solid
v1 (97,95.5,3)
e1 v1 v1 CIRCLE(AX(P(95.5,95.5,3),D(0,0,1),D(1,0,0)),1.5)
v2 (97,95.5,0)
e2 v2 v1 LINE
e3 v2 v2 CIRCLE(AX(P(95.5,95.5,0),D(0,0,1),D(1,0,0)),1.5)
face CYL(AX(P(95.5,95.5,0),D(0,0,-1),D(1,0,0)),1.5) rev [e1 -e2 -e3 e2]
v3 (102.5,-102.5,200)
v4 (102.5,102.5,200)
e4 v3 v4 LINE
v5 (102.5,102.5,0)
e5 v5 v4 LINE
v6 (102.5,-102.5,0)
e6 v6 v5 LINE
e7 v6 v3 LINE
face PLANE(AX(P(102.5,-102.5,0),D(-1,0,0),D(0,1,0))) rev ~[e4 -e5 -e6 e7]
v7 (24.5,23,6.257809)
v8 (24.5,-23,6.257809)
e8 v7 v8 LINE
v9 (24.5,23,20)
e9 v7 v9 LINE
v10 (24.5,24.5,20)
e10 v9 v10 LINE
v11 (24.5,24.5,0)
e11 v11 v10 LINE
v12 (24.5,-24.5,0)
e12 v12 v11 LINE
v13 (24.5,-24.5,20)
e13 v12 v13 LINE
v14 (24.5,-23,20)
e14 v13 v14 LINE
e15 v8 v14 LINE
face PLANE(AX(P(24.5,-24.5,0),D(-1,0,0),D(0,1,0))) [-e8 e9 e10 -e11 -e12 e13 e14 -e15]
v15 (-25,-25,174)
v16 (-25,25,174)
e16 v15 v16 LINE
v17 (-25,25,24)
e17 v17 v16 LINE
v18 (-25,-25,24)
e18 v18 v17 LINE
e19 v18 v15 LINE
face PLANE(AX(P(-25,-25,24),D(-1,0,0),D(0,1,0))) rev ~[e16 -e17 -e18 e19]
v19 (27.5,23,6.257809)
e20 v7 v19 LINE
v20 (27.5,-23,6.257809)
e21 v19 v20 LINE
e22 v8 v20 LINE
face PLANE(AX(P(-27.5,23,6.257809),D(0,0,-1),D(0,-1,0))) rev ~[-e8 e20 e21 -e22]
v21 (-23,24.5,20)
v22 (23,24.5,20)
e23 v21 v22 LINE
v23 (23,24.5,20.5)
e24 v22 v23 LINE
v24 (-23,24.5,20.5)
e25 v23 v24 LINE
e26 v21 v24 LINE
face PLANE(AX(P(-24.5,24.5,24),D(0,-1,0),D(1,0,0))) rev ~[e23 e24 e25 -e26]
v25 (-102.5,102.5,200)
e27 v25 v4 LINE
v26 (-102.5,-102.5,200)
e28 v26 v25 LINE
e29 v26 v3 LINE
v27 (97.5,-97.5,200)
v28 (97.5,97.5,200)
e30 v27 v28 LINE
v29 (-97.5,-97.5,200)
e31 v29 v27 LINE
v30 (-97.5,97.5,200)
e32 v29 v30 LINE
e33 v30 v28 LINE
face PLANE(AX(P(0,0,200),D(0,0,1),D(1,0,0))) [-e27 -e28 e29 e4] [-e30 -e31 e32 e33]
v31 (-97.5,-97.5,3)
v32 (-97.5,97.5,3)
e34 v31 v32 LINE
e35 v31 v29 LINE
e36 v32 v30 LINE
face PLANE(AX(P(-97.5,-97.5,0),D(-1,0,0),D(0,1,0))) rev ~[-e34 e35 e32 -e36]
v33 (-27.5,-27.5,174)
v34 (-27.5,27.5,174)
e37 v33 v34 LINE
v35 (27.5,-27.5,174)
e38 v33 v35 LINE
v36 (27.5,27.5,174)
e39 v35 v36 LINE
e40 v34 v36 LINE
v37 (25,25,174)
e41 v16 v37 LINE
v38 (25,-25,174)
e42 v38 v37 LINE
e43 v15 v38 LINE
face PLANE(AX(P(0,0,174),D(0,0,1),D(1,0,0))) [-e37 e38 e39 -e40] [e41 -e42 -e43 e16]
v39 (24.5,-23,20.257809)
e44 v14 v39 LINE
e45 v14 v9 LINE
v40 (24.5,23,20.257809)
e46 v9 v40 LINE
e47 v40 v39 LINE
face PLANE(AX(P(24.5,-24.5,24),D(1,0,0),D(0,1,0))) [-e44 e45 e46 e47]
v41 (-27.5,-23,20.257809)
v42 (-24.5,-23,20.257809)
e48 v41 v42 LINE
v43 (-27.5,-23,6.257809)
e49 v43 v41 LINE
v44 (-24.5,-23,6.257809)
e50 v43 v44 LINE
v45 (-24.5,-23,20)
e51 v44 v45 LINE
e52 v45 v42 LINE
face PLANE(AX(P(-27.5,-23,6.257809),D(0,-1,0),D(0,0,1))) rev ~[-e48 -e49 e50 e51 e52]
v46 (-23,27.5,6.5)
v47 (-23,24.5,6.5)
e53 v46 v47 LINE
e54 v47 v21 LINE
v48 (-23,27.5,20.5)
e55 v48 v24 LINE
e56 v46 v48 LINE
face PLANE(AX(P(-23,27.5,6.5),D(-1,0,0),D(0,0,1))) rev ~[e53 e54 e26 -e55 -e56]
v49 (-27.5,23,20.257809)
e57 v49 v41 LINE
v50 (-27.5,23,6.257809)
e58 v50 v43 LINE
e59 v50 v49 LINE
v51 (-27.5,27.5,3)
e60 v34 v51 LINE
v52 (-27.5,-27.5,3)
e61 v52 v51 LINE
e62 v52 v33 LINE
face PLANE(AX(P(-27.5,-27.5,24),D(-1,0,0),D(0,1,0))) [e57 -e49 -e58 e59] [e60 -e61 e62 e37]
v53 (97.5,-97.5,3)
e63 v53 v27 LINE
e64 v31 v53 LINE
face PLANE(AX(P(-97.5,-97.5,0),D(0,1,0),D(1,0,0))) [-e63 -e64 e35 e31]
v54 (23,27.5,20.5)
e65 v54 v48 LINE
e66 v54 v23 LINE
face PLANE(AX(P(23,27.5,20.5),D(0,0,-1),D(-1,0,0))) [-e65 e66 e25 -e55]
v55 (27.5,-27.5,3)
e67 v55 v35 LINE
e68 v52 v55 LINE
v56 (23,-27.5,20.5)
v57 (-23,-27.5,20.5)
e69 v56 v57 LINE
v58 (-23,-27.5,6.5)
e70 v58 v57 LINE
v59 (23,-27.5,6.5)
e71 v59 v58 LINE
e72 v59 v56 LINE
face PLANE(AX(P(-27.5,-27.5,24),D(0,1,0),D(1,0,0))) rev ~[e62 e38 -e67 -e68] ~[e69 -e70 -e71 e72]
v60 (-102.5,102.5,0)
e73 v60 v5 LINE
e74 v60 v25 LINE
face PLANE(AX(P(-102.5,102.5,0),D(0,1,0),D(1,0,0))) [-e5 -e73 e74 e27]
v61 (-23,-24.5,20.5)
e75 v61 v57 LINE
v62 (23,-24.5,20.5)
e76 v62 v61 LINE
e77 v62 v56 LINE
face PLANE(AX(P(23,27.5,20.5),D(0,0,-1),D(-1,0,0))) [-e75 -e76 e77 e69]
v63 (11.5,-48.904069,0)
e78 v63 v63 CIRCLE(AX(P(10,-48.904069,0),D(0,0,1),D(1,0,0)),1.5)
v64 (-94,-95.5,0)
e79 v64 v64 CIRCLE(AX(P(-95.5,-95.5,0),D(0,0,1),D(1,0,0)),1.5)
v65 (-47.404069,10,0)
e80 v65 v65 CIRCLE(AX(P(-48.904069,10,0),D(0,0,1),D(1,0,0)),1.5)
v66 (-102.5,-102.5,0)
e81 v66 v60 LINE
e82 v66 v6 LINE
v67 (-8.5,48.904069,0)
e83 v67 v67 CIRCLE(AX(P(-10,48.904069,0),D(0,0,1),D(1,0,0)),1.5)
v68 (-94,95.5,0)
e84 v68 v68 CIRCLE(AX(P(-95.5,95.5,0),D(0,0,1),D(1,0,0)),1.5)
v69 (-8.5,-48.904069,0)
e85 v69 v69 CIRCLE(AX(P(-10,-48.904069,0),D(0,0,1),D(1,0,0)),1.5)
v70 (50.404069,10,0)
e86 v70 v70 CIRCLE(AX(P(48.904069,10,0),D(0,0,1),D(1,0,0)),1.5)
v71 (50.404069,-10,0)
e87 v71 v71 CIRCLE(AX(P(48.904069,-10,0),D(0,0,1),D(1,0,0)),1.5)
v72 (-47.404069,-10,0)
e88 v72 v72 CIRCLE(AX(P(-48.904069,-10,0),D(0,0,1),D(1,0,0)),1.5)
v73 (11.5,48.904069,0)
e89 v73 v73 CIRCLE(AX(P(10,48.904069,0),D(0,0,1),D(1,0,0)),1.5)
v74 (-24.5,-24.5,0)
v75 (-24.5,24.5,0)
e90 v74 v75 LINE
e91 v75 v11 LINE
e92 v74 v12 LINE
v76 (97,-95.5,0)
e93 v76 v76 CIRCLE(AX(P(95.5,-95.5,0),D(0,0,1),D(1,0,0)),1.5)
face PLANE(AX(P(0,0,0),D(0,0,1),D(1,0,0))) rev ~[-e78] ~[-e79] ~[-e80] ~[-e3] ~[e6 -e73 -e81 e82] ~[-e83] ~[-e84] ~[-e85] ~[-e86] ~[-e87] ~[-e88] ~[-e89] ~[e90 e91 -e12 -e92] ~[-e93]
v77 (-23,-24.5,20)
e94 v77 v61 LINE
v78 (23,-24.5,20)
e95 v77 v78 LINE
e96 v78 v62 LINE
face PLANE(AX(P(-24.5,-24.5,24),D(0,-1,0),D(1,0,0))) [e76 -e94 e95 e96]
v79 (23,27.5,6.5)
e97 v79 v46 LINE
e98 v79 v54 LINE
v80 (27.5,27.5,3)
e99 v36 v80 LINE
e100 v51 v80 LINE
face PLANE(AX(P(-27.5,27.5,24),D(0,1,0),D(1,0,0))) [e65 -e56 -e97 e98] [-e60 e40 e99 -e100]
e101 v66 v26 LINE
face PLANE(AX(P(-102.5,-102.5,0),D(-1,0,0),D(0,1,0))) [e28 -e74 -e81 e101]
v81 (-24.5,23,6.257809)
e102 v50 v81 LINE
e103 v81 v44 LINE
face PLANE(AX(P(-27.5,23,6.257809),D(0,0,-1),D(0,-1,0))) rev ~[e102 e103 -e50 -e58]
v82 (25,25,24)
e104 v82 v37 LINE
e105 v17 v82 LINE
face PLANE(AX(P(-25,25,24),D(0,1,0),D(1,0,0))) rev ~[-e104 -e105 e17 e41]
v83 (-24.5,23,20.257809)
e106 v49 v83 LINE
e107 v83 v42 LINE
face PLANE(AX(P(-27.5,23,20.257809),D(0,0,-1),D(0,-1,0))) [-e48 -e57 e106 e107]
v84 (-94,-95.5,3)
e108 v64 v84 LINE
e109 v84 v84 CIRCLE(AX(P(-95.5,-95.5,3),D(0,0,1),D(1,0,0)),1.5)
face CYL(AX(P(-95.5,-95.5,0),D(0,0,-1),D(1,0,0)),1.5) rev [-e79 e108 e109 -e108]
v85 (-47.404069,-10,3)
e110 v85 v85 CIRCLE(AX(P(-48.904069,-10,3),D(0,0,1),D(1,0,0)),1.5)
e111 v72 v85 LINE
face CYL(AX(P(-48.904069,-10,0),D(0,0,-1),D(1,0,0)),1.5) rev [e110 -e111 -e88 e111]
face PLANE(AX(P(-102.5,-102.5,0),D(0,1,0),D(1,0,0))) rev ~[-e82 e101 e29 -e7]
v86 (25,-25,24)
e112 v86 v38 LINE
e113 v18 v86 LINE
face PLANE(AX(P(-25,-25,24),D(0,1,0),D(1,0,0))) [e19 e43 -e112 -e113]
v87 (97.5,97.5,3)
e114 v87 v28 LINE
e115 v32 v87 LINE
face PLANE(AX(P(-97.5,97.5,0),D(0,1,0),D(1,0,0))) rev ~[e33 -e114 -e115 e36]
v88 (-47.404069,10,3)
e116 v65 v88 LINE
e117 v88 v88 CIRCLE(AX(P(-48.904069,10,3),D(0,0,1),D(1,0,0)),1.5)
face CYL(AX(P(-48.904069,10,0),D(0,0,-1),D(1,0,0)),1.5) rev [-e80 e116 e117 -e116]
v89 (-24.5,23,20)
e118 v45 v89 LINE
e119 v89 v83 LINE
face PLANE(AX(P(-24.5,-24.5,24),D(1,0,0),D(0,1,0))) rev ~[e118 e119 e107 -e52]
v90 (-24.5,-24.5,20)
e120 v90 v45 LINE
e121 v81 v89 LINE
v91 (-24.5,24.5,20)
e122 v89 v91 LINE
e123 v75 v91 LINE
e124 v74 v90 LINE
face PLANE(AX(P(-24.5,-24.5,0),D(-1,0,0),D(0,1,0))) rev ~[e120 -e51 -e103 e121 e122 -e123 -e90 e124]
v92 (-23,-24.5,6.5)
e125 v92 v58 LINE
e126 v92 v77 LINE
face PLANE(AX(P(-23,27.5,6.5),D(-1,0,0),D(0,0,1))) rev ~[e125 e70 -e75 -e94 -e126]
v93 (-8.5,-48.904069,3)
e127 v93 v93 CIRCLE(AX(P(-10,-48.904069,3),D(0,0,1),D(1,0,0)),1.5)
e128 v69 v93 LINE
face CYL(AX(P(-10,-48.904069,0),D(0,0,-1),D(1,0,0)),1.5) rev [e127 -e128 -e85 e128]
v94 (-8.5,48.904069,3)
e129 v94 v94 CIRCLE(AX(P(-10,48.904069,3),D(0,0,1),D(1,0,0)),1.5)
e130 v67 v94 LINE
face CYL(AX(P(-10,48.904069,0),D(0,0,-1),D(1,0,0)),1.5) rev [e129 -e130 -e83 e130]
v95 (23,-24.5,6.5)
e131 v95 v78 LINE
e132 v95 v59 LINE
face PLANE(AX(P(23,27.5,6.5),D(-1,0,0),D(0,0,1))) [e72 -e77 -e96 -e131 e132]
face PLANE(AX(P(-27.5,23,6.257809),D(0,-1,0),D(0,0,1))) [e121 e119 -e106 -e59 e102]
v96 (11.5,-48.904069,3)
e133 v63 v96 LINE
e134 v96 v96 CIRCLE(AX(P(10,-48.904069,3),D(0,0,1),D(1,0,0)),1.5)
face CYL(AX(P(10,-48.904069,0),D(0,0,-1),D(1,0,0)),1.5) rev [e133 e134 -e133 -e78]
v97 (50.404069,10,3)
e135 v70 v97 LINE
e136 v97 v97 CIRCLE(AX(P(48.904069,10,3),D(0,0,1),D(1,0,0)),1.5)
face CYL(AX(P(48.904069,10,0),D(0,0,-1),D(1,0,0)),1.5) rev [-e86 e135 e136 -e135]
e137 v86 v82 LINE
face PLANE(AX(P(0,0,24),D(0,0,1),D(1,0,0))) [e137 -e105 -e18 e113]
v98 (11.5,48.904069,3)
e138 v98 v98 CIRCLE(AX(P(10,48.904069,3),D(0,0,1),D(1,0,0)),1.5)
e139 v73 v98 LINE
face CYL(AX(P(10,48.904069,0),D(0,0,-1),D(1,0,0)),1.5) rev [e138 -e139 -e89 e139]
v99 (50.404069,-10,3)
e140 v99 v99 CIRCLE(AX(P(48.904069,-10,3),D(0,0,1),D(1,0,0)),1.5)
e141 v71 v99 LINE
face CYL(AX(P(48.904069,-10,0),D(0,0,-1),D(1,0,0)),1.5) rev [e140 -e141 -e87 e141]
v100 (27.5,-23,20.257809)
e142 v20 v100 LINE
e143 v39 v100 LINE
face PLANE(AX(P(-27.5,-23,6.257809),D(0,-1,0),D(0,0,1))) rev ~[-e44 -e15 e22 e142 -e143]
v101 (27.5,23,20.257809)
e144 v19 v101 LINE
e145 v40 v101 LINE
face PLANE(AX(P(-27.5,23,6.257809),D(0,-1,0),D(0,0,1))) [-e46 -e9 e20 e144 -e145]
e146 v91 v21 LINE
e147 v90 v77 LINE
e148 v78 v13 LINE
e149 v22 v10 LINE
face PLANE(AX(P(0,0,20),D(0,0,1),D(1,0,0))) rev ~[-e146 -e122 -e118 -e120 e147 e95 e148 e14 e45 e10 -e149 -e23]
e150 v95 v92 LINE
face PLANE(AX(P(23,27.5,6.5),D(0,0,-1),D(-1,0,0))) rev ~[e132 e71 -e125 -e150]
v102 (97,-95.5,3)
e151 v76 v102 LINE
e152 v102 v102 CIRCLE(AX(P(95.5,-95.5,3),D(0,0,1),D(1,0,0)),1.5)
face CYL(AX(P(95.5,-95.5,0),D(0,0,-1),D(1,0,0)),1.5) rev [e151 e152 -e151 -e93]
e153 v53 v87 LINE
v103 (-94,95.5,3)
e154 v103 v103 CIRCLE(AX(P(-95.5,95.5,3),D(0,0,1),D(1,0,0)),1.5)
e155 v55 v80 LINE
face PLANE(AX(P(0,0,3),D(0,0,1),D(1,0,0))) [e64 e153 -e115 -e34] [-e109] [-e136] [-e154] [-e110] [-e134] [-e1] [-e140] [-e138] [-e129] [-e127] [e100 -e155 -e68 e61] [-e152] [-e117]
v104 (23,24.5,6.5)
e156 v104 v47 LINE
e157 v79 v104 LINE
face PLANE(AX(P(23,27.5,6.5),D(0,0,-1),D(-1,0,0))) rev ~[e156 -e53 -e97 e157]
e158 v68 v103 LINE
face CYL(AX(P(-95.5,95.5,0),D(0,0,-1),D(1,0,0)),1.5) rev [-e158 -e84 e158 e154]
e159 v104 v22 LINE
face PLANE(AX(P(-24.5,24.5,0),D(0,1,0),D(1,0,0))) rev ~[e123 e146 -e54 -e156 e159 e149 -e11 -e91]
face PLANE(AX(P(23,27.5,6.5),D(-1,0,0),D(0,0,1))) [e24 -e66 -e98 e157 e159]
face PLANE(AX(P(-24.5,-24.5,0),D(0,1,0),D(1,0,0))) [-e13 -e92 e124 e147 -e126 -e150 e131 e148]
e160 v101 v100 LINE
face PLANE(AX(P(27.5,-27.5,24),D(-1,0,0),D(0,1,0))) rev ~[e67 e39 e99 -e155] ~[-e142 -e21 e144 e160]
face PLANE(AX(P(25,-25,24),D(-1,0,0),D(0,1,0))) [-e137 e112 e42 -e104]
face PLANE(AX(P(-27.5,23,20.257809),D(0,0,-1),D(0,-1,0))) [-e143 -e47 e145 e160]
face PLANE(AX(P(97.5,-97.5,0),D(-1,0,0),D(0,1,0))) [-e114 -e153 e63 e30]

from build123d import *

# Parameters (mm, degrees)
F0_W      = 205
F0_H      = 205
F0_W_2    = 195
F0_H_2    = 195
F1_DEPTH  = 200
F0_R      = 1.5
F0_W_3    = 55
F0_H_3    = 55
F2_DEPTH  = 3
F0_W_4    = 49
F0_H_4    = 49
F3_DEPTH  = 24
F4_W      = 46
F4_H      = 14
F5_DEPTH  = 60
F6_W      = 46
F6_H      = 14
F7_DEPTH  = 60
F8_W      = 49
F8_H      = 49
F9_DEPTH  = 4
F10_W     = 55
F10_H     = 55
F10_W_2   = 50
F10_H_2   = 50
F11_DEPTH = 150


with BuildPart() as f1:
    # F0 (on Top) → F1 (new body)
    with BuildSketch(Plane.XY):
        Rectangle(F0_W, F0_H)
        Rectangle(F0_W_2, F0_H_2, mode=Mode.SUBTRACT)
    extrude(amount=F1_DEPTH)

    # F0 (on Top) → F2 (join)
    with BuildSketch(Plane.XY):
        Rectangle(F0_W_2, F0_H_2)
        with Locations((-95.5, -95.5)):
            Circle(F0_R, mode=Mode.SUBTRACT)
        with Locations((-10, -48.9040691386)):
            Circle(F0_R, mode=Mode.SUBTRACT)
        with Locations((-48.9040691386, -10)):
            Circle(F0_R, mode=Mode.SUBTRACT)
        with Locations((95.5, -95.5)):
            Circle(F0_R, mode=Mode.SUBTRACT)
        with Locations((10, -48.9040691386)):
            Circle(F0_R, mode=Mode.SUBTRACT)
        with Locations((48.9040691386, -10)):
            Circle(F0_R, mode=Mode.SUBTRACT)
        with Locations((-48.9040691386, 10)):
            Circle(F0_R, mode=Mode.SUBTRACT)
        with Locations((-10, 48.9040691386)):
            Circle(F0_R, mode=Mode.SUBTRACT)
        with Locations((-95.5, 95.5)):
            Circle(F0_R, mode=Mode.SUBTRACT)
        Rectangle(F0_W_3, F0_H_3, mode=Mode.SUBTRACT)
        with Locations((48.9040691386, 10)):
            Circle(F0_R, mode=Mode.SUBTRACT)
        with Locations((10, 48.9040691386)):
            Circle(F0_R, mode=Mode.SUBTRACT)
        with Locations((95.5, 95.5)):
            Circle(F0_R, mode=Mode.SUBTRACT)
    extrude(amount=F2_DEPTH)

    # F0 (on Top) → F3 (join)
    with BuildSketch(Plane.XY):
        Rectangle(F0_W_3, F0_H_3)
        Rectangle(F0_W_4, F0_H_4, mode=Mode.SUBTRACT)
    extrude(amount=F3_DEPTH)

    # F4 (on face) → F5 (cut)
    with BuildSketch(Plane(origin=(-27.5, 0, 0), x_dir=(0, -1, 0), z_dir=(-1, 0, 0))):
        with Locations((0, 13.2578094924)):
            Rectangle(F4_W, F4_H)
    extrude(amount=-F5_DEPTH, mode=Mode.SUBTRACT)

    # F6 (on face) → F7 (cut)
    with BuildSketch(Plane(origin=(0, 27.5, 0), x_dir=(-1, 0, 0), z_dir=(0, 1, 0))):
        with Locations((0, 13.5)):
            Rectangle(F6_W, F6_H)
    extrude(amount=-F7_DEPTH, mode=Mode.SUBTRACT)

    # F8 (on face) → F9 (join)
    with BuildSketch(Plane.XY.offset(24)):
        Rectangle(F8_W, F8_H)
    extrude(amount=-F9_DEPTH)

    # F10 (on face) → F11 (join)
    with BuildSketch(Plane.XY.offset(24)):
        Rectangle(F10_W, F10_H)
        Rectangle(F10_W_2, F10_H_2, mode=Mode.SUBTRACT)
    extrude(amount=F11_DEPTH)


solid = f1.part
